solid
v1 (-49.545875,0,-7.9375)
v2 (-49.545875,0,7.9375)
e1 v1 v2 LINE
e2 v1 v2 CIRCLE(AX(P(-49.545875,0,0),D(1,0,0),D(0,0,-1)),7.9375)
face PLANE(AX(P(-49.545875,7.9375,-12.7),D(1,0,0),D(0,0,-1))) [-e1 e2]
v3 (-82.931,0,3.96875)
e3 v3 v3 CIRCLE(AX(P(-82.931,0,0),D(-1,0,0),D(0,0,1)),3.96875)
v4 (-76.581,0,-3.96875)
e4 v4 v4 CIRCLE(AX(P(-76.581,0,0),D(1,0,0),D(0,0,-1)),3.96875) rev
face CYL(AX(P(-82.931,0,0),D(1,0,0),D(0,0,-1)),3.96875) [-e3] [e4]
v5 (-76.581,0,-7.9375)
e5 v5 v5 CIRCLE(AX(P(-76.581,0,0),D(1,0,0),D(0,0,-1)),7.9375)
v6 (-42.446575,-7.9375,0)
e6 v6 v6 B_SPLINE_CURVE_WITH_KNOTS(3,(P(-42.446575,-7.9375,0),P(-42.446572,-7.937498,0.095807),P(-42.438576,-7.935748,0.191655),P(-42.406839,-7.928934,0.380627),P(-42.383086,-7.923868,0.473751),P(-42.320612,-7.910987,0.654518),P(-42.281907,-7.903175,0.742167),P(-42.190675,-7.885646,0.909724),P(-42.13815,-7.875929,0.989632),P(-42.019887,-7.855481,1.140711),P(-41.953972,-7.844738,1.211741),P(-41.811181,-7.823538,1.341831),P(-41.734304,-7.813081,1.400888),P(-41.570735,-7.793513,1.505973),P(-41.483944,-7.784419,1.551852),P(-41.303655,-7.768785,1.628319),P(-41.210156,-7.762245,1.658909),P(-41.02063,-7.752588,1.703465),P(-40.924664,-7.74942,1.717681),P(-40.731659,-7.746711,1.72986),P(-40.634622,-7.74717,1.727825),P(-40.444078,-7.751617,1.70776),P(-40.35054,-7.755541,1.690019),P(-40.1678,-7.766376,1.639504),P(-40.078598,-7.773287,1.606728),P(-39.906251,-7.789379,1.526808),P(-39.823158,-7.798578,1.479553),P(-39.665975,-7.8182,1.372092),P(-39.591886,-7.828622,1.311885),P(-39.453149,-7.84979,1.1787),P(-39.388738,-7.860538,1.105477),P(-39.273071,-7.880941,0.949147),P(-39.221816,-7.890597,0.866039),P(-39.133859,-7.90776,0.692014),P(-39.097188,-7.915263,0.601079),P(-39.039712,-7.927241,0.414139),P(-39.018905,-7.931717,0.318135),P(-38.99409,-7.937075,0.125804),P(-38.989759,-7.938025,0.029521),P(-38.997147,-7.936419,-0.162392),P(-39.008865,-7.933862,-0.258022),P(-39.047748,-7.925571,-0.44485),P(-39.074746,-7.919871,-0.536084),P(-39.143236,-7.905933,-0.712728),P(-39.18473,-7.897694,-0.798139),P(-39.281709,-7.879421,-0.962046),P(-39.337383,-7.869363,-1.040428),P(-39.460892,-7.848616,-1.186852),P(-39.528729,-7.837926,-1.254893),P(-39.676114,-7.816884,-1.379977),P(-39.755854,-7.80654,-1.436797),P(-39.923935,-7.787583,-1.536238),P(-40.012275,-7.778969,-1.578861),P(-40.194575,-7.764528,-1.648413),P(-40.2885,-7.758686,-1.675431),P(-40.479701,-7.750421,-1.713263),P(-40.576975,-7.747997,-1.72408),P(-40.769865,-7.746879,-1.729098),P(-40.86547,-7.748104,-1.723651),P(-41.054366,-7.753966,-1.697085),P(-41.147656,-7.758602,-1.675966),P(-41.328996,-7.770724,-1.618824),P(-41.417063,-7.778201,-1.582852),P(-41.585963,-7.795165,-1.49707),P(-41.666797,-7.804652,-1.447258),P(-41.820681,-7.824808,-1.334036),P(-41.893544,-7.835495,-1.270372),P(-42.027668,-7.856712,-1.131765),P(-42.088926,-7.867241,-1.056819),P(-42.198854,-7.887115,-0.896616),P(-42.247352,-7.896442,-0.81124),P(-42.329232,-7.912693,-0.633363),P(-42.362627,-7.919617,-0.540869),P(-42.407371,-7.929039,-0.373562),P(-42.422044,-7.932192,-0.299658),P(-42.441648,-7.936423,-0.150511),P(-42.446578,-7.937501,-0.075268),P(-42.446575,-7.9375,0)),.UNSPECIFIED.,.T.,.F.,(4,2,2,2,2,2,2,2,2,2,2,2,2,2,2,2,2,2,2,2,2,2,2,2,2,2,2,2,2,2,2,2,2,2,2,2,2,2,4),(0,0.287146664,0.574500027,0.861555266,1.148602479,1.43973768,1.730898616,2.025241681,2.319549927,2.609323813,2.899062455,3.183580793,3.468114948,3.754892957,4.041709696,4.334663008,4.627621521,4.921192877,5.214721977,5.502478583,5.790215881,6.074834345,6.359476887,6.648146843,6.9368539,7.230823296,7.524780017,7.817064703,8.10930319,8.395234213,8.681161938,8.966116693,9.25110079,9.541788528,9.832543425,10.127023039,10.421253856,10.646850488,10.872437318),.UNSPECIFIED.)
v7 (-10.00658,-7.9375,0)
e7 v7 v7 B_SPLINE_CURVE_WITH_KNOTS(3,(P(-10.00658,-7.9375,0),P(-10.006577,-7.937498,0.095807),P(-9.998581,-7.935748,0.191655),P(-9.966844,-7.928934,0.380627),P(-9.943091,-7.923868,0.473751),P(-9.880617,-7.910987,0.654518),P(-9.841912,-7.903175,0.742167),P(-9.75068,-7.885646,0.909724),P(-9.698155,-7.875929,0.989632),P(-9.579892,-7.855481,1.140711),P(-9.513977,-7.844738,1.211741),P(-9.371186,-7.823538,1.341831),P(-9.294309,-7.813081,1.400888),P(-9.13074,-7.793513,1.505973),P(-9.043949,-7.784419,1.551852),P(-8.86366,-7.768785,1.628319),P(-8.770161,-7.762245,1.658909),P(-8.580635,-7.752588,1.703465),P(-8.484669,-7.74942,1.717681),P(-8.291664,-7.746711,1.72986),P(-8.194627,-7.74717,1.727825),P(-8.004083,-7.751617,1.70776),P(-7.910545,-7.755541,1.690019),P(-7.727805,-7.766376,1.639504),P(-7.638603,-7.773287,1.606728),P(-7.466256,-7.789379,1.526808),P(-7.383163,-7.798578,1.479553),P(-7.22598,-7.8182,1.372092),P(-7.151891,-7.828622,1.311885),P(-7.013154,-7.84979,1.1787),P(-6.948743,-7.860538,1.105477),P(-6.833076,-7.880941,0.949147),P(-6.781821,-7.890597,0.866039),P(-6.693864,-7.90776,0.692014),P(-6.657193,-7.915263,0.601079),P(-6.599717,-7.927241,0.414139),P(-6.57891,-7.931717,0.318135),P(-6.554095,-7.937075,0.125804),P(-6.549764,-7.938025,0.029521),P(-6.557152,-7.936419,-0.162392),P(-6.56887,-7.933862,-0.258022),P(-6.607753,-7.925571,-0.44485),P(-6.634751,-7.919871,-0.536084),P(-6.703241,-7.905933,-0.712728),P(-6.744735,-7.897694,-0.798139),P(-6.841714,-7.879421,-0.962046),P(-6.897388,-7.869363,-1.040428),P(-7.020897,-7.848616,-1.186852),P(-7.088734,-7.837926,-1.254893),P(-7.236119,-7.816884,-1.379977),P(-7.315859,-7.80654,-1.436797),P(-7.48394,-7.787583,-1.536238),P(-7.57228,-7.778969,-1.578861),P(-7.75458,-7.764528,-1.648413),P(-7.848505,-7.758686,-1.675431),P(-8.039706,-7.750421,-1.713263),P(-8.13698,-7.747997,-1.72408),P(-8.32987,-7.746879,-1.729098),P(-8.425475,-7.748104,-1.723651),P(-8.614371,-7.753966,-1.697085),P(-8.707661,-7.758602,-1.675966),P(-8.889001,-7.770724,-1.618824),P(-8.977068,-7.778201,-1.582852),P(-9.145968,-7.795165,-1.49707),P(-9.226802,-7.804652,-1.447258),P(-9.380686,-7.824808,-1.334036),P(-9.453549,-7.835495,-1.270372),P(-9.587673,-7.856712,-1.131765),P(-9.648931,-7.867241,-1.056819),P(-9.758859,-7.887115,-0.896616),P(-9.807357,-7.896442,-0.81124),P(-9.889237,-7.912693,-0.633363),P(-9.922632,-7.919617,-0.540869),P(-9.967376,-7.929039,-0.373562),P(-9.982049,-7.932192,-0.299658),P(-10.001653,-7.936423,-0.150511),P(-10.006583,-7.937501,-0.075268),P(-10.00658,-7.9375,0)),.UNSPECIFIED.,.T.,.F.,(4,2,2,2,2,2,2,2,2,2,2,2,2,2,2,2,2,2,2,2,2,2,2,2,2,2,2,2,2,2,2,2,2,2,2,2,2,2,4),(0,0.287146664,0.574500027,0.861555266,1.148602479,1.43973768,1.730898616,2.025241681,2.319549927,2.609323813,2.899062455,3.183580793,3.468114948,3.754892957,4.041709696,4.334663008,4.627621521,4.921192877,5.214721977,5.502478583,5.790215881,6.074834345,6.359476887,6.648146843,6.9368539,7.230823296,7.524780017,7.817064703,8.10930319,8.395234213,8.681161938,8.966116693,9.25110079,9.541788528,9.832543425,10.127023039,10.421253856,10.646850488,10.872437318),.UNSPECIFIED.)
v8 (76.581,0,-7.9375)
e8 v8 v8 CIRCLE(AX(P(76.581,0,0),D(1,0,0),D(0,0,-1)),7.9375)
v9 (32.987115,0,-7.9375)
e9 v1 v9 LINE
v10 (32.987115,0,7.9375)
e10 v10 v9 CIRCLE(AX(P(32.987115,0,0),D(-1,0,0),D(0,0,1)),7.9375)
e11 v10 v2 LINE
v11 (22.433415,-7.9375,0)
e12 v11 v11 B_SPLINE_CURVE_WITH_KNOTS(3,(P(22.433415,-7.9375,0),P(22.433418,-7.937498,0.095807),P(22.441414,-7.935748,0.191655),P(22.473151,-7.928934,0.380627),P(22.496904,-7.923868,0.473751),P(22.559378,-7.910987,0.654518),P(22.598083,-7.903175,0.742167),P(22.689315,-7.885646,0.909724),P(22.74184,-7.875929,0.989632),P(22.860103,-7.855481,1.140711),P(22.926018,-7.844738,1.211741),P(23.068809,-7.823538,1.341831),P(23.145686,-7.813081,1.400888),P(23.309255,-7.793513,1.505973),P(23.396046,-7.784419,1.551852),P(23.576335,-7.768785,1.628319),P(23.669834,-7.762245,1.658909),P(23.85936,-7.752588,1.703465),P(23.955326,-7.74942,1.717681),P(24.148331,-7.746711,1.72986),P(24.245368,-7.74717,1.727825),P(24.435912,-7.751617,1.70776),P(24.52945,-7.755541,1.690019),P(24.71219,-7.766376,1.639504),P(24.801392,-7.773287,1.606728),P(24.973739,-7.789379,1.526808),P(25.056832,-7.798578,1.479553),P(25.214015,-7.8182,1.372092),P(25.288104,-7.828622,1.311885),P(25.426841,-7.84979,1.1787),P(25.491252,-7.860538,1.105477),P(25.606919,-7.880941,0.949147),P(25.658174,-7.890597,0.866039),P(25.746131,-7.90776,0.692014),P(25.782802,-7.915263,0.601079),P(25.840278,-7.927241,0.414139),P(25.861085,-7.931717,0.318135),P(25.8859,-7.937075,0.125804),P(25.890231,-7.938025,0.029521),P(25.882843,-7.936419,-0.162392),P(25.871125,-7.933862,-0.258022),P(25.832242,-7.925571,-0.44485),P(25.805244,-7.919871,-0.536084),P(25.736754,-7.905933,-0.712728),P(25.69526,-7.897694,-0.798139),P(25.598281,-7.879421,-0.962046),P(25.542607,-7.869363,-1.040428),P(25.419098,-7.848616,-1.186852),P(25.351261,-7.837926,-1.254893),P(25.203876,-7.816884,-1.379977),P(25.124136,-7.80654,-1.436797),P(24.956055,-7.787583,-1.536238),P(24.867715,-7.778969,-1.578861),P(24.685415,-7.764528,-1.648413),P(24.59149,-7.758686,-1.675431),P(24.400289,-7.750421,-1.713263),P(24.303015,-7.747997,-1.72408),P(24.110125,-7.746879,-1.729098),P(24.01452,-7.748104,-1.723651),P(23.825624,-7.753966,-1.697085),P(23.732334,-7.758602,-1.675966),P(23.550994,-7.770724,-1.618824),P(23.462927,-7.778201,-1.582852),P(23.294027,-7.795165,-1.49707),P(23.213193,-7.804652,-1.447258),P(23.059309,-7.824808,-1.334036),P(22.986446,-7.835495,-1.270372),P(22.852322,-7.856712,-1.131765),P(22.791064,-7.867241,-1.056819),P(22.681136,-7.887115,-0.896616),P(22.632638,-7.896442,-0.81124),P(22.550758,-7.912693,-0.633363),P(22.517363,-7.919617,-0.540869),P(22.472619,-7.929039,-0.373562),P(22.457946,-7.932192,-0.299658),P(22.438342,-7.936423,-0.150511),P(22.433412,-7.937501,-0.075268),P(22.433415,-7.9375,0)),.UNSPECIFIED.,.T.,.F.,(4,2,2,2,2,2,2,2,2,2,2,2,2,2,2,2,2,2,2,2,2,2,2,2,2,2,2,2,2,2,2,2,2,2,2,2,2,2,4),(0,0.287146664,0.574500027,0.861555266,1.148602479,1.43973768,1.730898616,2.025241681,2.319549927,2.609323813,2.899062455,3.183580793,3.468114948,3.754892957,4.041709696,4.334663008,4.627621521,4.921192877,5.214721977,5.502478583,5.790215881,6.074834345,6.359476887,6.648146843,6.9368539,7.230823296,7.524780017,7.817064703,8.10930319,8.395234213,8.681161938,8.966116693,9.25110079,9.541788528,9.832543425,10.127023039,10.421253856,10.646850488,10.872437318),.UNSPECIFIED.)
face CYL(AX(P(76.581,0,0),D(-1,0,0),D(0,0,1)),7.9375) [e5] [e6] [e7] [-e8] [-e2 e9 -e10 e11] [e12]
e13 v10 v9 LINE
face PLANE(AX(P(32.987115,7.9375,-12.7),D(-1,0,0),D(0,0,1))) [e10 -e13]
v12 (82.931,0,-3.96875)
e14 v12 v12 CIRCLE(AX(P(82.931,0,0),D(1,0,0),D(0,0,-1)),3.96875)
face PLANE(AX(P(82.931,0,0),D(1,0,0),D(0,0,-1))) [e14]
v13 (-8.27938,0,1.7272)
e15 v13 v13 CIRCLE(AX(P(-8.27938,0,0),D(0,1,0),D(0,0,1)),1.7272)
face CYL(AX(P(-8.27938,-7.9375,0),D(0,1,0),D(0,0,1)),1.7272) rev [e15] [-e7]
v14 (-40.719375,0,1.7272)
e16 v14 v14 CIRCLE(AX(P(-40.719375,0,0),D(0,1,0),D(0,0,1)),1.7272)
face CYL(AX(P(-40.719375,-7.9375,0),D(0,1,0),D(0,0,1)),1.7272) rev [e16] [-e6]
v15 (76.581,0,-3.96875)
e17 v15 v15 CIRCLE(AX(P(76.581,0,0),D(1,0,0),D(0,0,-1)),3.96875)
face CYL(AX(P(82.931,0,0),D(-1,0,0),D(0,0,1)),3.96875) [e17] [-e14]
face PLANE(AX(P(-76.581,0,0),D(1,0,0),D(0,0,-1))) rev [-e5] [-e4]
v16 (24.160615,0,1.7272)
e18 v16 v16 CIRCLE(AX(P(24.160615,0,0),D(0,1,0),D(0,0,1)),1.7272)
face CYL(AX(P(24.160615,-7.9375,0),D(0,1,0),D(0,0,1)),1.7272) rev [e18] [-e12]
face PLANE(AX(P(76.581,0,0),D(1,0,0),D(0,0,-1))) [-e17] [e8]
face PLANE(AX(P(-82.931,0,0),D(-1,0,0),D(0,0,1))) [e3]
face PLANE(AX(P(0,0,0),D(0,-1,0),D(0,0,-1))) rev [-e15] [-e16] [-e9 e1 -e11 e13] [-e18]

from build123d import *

# Parameters (mm, degrees)
SKETCH1_R           = 7.9375
BOSS_EXTRUDE1_DEPTH = 76.581
SKETCH3_R           = 3.96875
BOSS_EXTRUDE2_DEPTH = 6.35
SKETCH4_R           = 3.96875
BOSS_EXTRUDE3_DEPTH = 6.35
SKETCH2_W           = 82.532989992
SKETCH2_H           = 25.4
CUT_EXTRUDE1_DEPTH  = 8.9375
SKETCH5_R           = 1.7272
CUT_EXTRUDE2_DEPTH  = 8.9375


with BuildPart() as part:
    # Sketch1 → Boss-Extrude1 (new body, symmetric)
    with BuildSketch(Plane(origin=(0, 0, 0), x_dir=(0, 0, -1), z_dir=(1, 0, 0))):
        Circle(SKETCH1_R)
    extrude(amount=BOSS_EXTRUDE1_DEPTH, both=True)

    # Sketch3 → Boss-Extrude2 (add)
    with BuildSketch(Plane.ZY.offset(76.581)):
        Circle(SKETCH3_R)
    extrude(amount=BOSS_EXTRUDE2_DEPTH)

    # Sketch4 → Boss-Extrude3 (add)
    with BuildSketch(Plane(origin=(76.581, 0, 0), x_dir=(0, 0, -1), z_dir=(1, 0, 0))):
        Circle(SKETCH4_R)
    extrude(amount=BOSS_EXTRUDE3_DEPTH)

    # Sketch2 → Cut-Extrude1 (cut, through all)
    with BuildSketch(Plane(origin=(0, 0, 0), x_dir=(1, 0, 0), z_dir=(0, 1, 0))):
        with Locations((-8.279380004, 0)):
            Rectangle(SKETCH2_W, SKETCH2_H)
    extrude(amount=CUT_EXTRUDE1_DEPTH, mode=Mode.SUBTRACT)

    # Sketch5 → Cut-Extrude2 (cut, through all)
    with BuildSketch(Plane(origin=(0, 0, 0), x_dir=(1, 0, 0), z_dir=(0, 1, 0))):
        with Locations((-40.719375, 0)):
            Circle(SKETCH5_R)
        with Locations((-8.279380004, 0)):
            Circle(SKETCH5_R)
        with Locations((24.160614992, 0)):
            Circle(SKETCH5_R)
    extrude(amount=-CUT_EXTRUDE2_DEPTH, mode=Mode.SUBTRACT)


solid = part.part
